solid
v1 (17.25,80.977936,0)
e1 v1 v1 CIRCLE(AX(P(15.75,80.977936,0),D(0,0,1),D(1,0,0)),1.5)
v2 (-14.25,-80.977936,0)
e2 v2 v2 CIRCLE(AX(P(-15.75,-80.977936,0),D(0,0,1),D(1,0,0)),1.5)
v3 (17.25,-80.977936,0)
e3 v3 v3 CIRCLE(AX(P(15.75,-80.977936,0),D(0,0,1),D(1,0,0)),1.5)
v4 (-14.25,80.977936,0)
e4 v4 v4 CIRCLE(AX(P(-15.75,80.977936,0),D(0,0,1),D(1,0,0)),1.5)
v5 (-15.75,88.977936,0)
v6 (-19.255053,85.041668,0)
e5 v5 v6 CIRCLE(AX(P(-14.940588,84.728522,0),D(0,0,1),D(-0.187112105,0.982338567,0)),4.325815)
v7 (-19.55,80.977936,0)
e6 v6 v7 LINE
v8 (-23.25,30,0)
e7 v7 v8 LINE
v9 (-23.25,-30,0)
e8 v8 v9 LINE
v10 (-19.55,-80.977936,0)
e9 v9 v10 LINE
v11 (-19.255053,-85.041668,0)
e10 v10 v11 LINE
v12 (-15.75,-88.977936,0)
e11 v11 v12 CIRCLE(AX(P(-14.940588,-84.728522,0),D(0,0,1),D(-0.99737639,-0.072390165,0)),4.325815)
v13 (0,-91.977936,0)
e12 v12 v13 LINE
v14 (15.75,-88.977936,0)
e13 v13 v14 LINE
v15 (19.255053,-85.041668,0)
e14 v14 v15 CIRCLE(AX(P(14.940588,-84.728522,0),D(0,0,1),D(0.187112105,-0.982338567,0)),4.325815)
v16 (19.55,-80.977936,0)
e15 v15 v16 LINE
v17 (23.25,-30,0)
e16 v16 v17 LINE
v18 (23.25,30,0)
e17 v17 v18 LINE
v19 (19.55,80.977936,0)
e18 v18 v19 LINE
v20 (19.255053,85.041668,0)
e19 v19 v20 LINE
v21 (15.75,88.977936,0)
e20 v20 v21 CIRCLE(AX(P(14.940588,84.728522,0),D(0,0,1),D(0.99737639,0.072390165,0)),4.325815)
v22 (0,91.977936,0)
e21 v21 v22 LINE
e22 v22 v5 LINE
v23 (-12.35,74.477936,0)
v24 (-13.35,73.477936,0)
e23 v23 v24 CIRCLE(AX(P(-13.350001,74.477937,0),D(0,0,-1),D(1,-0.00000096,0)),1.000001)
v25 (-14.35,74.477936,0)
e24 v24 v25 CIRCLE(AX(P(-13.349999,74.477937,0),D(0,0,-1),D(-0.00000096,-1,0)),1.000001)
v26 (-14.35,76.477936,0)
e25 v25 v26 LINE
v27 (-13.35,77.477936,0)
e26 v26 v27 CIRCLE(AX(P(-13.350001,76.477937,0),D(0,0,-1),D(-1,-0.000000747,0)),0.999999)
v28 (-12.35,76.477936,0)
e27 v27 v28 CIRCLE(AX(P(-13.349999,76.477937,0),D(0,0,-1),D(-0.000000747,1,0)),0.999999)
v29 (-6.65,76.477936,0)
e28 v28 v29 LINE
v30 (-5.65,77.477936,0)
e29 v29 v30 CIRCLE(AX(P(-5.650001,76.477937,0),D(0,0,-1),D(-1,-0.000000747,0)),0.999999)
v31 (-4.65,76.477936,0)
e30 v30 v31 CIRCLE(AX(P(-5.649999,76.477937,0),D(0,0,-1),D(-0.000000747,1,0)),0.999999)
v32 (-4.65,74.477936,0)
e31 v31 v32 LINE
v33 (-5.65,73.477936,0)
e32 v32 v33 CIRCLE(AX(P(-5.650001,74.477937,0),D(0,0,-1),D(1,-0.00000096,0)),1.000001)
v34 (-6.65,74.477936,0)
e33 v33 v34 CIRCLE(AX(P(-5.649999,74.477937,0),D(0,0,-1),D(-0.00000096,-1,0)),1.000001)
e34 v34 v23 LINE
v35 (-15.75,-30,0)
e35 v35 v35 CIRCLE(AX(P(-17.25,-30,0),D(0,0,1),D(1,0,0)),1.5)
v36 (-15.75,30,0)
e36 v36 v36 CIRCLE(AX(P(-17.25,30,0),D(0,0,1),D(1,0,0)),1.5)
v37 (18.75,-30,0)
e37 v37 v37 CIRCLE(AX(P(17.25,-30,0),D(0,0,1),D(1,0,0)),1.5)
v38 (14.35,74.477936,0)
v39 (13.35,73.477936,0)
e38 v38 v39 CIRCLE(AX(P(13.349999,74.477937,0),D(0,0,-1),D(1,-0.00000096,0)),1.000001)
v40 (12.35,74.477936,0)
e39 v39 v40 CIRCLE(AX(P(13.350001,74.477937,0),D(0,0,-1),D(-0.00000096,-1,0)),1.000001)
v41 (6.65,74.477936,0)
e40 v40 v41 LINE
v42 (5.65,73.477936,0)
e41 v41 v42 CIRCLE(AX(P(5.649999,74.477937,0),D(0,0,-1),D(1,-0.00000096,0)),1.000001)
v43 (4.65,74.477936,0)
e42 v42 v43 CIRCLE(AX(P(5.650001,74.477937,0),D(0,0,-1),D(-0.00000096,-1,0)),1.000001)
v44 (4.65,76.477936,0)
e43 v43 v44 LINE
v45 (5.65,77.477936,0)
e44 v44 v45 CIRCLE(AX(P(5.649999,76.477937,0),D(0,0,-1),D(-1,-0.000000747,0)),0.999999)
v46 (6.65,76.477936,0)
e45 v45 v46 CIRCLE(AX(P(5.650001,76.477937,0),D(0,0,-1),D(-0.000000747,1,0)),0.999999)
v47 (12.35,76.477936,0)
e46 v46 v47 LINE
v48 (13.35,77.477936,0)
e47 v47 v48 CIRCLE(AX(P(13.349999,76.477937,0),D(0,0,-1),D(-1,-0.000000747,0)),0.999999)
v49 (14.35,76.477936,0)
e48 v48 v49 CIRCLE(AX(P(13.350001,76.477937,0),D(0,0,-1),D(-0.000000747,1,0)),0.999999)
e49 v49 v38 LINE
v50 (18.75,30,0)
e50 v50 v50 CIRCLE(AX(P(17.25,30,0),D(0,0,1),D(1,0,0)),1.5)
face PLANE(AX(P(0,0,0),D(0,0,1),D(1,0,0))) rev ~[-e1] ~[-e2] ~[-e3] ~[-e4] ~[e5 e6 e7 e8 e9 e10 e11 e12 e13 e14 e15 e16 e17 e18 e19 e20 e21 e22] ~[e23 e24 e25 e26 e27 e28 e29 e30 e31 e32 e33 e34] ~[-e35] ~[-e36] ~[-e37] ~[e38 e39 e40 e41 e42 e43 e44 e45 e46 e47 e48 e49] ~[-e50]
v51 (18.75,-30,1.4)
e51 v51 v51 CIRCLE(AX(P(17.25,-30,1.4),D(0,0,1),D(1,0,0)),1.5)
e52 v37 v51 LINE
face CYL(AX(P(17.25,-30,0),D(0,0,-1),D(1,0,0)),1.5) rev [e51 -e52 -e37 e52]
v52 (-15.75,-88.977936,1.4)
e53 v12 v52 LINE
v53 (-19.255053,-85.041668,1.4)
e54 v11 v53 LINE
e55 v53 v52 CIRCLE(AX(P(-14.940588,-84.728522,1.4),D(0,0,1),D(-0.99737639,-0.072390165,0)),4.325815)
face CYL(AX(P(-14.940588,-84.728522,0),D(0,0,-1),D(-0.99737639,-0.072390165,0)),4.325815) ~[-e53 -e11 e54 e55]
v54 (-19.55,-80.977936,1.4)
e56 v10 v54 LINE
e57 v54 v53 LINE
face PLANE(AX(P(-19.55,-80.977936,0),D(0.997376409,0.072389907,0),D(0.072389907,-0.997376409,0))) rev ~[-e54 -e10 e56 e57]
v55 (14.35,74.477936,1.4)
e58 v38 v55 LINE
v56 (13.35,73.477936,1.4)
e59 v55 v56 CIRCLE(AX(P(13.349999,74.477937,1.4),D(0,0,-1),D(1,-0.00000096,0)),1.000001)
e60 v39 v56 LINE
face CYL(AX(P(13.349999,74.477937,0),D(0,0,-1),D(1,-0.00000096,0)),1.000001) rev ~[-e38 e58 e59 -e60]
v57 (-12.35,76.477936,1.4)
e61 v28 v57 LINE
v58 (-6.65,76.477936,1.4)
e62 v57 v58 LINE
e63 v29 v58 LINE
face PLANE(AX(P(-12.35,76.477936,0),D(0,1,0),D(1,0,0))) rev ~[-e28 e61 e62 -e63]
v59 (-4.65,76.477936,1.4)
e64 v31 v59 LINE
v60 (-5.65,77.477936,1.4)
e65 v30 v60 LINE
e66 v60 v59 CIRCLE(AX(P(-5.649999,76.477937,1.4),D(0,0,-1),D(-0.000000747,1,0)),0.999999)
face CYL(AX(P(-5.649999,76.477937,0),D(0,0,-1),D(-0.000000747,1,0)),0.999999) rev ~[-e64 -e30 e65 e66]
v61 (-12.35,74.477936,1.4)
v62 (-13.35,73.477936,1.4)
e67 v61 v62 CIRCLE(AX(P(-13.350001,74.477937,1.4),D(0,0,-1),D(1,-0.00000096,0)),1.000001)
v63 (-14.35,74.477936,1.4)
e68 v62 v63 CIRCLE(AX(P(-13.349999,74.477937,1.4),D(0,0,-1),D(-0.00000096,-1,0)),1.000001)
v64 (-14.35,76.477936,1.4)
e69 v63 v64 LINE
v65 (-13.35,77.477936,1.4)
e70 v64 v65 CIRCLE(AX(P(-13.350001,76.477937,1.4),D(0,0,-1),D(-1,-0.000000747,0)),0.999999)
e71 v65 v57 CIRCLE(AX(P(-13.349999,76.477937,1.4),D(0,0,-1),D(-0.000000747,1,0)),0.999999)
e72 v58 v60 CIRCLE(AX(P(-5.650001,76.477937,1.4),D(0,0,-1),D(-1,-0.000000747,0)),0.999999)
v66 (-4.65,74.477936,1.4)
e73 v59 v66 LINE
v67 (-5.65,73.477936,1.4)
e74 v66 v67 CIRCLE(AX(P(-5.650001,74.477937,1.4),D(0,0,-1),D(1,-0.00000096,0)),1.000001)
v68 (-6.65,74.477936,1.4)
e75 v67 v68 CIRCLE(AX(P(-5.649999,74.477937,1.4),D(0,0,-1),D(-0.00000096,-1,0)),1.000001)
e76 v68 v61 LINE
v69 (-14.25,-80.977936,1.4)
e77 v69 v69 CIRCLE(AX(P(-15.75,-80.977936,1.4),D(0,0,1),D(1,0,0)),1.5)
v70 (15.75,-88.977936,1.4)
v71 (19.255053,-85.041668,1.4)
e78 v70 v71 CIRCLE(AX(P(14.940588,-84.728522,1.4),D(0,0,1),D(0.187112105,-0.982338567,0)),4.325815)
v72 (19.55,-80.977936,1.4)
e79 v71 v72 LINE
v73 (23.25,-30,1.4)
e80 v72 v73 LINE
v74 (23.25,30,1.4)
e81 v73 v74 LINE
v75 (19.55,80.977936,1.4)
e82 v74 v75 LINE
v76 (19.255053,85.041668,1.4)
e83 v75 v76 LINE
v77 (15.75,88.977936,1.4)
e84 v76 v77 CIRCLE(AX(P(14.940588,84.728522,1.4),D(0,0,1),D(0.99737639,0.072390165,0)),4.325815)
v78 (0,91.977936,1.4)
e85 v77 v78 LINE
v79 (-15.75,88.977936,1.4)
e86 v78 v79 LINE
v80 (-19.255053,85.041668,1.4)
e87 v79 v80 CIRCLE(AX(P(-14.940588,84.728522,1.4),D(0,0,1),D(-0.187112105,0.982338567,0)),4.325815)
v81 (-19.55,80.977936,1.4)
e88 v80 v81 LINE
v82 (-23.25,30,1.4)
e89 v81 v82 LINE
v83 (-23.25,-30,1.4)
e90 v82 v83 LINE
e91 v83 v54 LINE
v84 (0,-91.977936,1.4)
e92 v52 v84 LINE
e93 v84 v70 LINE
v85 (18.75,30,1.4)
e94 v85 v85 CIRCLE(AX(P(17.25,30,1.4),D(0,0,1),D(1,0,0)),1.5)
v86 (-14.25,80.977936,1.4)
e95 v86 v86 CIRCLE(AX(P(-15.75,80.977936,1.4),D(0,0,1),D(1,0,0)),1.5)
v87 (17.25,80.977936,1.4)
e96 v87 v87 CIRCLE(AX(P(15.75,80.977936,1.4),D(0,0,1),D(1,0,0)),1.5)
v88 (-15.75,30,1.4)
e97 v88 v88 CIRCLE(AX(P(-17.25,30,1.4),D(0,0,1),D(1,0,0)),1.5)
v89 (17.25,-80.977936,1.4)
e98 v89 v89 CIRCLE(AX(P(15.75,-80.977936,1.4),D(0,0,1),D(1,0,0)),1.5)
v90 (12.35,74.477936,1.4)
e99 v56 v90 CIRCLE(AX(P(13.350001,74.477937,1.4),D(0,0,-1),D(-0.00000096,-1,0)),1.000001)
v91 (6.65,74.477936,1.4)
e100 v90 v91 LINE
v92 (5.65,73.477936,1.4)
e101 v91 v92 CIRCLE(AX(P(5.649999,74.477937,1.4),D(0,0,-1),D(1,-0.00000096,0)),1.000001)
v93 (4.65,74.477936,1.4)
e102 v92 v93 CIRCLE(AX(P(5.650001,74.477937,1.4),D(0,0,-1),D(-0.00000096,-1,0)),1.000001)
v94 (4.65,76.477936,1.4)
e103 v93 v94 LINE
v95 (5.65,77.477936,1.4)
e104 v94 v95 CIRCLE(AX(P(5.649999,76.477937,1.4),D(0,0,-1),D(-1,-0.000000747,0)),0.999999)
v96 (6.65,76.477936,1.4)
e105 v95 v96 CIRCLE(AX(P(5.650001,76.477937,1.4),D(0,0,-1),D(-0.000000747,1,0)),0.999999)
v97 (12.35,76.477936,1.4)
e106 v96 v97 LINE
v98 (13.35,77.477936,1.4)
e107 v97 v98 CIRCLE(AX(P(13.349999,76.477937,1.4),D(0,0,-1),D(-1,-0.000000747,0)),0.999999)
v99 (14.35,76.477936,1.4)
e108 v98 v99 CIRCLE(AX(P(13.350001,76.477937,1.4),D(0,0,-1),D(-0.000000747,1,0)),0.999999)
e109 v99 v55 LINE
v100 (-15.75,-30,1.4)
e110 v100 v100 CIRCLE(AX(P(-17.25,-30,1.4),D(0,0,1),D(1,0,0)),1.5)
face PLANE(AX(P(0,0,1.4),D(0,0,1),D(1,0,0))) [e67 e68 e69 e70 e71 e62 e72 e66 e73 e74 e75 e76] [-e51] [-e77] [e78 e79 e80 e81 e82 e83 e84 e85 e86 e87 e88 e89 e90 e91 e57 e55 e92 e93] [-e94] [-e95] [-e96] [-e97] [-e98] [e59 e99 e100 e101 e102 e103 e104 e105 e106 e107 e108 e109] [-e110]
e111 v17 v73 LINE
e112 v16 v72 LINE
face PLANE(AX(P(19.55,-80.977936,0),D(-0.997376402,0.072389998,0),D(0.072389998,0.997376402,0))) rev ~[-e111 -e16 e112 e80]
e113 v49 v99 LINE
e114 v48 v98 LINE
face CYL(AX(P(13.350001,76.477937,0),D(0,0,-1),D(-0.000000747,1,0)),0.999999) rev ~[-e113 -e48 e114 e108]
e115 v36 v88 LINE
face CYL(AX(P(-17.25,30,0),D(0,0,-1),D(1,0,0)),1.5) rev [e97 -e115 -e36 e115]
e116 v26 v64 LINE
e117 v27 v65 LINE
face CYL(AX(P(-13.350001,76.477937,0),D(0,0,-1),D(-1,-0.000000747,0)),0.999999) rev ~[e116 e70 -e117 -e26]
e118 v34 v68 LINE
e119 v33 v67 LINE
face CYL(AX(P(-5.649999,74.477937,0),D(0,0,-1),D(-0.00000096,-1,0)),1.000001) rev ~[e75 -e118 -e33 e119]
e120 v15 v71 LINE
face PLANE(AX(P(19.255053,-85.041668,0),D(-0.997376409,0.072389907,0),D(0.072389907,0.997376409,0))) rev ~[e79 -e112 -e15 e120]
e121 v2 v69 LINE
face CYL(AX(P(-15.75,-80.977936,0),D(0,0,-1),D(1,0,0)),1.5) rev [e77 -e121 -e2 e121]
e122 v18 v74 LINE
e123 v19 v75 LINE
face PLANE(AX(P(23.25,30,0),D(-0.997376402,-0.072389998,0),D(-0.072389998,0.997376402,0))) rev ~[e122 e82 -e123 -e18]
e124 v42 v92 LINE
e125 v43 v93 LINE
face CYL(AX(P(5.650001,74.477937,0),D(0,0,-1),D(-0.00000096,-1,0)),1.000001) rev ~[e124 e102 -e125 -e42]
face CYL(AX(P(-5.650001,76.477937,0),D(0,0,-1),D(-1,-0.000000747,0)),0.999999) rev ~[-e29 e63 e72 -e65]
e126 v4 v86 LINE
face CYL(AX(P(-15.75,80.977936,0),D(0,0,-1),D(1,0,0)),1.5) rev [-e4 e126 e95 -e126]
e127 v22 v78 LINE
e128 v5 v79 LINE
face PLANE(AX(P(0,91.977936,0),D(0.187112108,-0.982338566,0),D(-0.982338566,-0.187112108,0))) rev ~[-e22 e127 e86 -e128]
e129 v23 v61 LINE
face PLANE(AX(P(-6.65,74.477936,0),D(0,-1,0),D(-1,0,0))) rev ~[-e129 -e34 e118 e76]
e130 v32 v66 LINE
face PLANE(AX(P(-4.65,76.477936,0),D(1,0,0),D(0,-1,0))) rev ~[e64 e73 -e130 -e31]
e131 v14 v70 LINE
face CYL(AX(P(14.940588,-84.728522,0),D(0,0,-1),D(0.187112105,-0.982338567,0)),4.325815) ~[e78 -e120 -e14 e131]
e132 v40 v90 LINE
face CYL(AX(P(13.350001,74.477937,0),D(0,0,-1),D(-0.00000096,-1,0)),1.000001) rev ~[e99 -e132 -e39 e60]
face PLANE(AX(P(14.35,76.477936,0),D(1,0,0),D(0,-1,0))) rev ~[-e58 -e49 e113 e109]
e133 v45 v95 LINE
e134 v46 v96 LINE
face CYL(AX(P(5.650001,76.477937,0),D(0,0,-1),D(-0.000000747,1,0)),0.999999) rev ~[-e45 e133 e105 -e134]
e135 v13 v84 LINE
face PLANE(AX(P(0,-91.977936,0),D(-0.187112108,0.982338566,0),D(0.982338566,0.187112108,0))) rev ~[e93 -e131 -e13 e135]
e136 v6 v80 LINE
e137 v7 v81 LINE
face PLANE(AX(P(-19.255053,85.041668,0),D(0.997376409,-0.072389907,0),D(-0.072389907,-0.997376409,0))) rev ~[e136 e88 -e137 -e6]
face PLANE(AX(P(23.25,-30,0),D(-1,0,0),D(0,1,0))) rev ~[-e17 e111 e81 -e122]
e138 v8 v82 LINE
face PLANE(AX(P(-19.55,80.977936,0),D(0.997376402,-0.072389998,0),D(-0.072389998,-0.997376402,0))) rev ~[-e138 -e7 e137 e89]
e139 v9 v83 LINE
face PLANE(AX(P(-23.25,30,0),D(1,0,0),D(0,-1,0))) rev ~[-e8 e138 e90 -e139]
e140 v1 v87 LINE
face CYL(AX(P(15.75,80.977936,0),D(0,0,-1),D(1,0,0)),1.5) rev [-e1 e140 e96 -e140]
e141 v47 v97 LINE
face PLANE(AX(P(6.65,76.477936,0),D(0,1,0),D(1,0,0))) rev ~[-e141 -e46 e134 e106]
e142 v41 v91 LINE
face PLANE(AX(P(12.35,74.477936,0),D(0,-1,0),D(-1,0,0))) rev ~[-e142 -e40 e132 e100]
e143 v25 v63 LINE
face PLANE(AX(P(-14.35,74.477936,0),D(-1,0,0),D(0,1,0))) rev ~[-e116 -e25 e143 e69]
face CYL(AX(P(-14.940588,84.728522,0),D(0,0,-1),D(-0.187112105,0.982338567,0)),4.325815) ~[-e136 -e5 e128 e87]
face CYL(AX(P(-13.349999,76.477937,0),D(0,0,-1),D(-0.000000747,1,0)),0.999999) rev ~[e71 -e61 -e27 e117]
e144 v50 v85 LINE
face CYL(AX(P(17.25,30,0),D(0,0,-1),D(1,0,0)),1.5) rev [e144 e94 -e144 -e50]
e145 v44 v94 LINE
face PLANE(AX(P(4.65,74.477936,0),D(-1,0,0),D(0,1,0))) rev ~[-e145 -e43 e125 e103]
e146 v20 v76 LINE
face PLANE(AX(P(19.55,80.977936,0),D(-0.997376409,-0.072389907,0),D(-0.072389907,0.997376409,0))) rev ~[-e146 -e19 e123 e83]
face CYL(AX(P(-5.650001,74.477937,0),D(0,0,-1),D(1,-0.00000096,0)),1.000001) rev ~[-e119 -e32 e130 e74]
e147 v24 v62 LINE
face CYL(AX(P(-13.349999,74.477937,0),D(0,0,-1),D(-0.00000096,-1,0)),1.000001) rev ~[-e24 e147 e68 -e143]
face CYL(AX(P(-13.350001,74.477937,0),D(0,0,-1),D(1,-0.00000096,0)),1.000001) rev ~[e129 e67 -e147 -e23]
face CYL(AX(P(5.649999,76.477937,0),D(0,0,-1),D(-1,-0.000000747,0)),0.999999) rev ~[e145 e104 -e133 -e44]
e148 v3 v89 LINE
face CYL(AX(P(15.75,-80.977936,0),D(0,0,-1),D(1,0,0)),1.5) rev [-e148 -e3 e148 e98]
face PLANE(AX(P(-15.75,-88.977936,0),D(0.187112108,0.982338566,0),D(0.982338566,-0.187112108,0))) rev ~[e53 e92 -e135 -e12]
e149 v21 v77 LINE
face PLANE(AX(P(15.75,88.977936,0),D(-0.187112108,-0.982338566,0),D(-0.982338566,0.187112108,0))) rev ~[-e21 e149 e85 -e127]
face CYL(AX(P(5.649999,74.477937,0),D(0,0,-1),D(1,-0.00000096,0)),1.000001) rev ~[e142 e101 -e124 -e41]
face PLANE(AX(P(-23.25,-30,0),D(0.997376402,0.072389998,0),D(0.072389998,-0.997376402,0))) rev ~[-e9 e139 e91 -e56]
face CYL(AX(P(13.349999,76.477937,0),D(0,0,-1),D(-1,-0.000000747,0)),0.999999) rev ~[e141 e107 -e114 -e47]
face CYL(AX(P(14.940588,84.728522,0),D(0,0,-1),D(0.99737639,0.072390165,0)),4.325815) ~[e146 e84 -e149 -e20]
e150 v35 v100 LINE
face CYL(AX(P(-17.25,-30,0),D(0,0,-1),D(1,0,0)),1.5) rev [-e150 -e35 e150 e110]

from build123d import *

# Parameters (mm, degrees)
F0_R     = 1.5
F1_DEPTH = 1.4


with BuildPart() as f1:
    # F0 (on Top) → F1 (new body)
    with BuildSketch(Plane.XY):
        with BuildLine():
            Line((-19.255053, 85.041668), (-19.55, 80.977936))
            Line((-19.55, 80.977936), (-23.25, 30))
            Line((-23.25, 30), (-23.25, 0))
            Line((-23.25, 0), (-23.25, -30))
            Line((-23.25, -30), (-19.55, -80.977936))
            Line((-19.55, -80.977936), (-19.255053, -85.041668))
            ThreePointArc((-19.255053, -85.041668), (-18.171235, -87.605254), (-15.75, -88.977936))
            Line((-15.75, -88.977936), (0, -91.977936))
            Line((0, -91.977936), (15.75, -88.977936))
            ThreePointArc((15.75, -88.977936), (18.171235, -87.605254), (19.255053, -85.041668))
            Line((19.255053, -85.041668), (19.55, -80.977936))
            Line((19.55, -80.977936), (23.25, -30))
            Line((23.25, -30), (23.25, 0))
            Line((23.25, 0), (23.25, 30))
            Line((23.25, 30), (19.55, 80.977936))
            Line((19.55, 80.977936), (19.255053, 85.041668))
            ThreePointArc((19.255053, 85.041668), (18.171235, 87.605254), (15.75, 88.977936))
            Line((15.75, 88.977936), (0, 91.977936))
            Line((0, 91.977936), (-15.75, 88.977936))
            ThreePointArc((-15.75, 88.977936), (-18.171235, 87.605254), (-19.255053, 85.041668))
        make_face()
        with Locations((-15.75, -80.977936)):
            Circle(F0_R, mode=Mode.SUBTRACT)
        with Locations((-17.25, -30)):
            Circle(F0_R, mode=Mode.SUBTRACT)
        with Locations((15.75, -80.977936)):
            Circle(F0_R, mode=Mode.SUBTRACT)
        with Locations((17.25, -30)):
            Circle(F0_R, mode=Mode.SUBTRACT)
        with Locations((-17.25, 30)):
            Circle(F0_R, mode=Mode.SUBTRACT)
        with Locations((-15.75, 80.977936)):
            Circle(F0_R, mode=Mode.SUBTRACT)
        with BuildLine():
            Line((-14.35, 74.477936), (-14.35, 75.477936))
            Line((-14.35, 75.477936), (-14.35, 76.477936))
            ThreePointArc((-14.35, 76.477936), (-14.057107, 77.185043), (-13.35, 77.477936))
            ThreePointArc((-13.35, 77.477936), (-12.642893, 77.185043), (-12.35, 76.477936))
            Line((-12.35, 76.477936), (-9.5, 76.477936))
            Line((-9.5, 76.477936), (-6.65, 76.477936))
            ThreePointArc((-6.65, 76.477936), (-6.357107, 77.185043), (-5.65, 77.477936))
            ThreePointArc((-5.65, 77.477936), (-4.942893, 77.185043), (-4.65, 76.477936))
            Line((-4.65, 76.477936), (-4.65, 75.477936))
            Line((-4.65, 75.477936), (-4.65, 74.477936))
            ThreePointArc((-4.65, 74.477936), (-4.942893, 73.77083), (-5.65, 73.477936))
            ThreePointArc((-5.65, 73.477936), (-6.357107, 73.77083), (-6.65, 74.477936))
            Line((-6.65, 74.477936), (-9.5, 74.477936))
            Line((-9.5, 74.477936), (-12.35, 74.477936))
            ThreePointArc((-12.35, 74.477936), (-12.642893, 73.77083), (-13.35, 73.477936))
            ThreePointArc((-13.35, 73.477936), (-14.057107, 73.77083), (-14.35, 74.477936))
        make_face(mode=Mode.SUBTRACT)
        with Locations((17.25, 30)):
            Circle(F0_R, mode=Mode.SUBTRACT)
        with BuildLine():
            ThreePointArc((13.35, 77.477936), (14.057107, 77.185043), (14.35, 76.477936))
            Line((14.35, 76.477936), (14.35, 75.477936))
            Line((14.35, 75.477936), (14.35, 74.477936))
            ThreePointArc((14.35, 74.477936), (14.057107, 73.77083), (13.35, 73.477936))
            ThreePointArc((13.35, 73.477936), (12.642893, 73.77083), (12.35, 74.477936))
            Line((12.35, 74.477936), (9.5, 74.477936))
            Line((9.5, 74.477936), (6.65, 74.477936))
            ThreePointArc((6.65, 74.477936), (6.357107, 73.77083), (5.65, 73.477936))
            ThreePointArc((5.65, 73.477936), (4.942893, 73.77083), (4.65, 74.477936))
            Line((4.65, 74.477936), (4.65, 75.477936))
            Line((4.65, 75.477936), (4.65, 76.477936))
            ThreePointArc((4.65, 76.477936), (4.942893, 77.185043), (5.65, 77.477936))
            ThreePointArc((5.65, 77.477936), (6.357107, 77.185043), (6.65, 76.477936))
            Line((6.65, 76.477936), (9.5, 76.477936))
            Line((9.5, 76.477936), (12.35, 76.477936))
            ThreePointArc((12.35, 76.477936), (12.642893, 77.185043), (13.35, 77.477936))
        make_face(mode=Mode.SUBTRACT)
        with Locations((15.75, 80.977936)):
            Circle(F0_R, mode=Mode.SUBTRACT)
    extrude(amount=F1_DEPTH)


solid = f1.part
